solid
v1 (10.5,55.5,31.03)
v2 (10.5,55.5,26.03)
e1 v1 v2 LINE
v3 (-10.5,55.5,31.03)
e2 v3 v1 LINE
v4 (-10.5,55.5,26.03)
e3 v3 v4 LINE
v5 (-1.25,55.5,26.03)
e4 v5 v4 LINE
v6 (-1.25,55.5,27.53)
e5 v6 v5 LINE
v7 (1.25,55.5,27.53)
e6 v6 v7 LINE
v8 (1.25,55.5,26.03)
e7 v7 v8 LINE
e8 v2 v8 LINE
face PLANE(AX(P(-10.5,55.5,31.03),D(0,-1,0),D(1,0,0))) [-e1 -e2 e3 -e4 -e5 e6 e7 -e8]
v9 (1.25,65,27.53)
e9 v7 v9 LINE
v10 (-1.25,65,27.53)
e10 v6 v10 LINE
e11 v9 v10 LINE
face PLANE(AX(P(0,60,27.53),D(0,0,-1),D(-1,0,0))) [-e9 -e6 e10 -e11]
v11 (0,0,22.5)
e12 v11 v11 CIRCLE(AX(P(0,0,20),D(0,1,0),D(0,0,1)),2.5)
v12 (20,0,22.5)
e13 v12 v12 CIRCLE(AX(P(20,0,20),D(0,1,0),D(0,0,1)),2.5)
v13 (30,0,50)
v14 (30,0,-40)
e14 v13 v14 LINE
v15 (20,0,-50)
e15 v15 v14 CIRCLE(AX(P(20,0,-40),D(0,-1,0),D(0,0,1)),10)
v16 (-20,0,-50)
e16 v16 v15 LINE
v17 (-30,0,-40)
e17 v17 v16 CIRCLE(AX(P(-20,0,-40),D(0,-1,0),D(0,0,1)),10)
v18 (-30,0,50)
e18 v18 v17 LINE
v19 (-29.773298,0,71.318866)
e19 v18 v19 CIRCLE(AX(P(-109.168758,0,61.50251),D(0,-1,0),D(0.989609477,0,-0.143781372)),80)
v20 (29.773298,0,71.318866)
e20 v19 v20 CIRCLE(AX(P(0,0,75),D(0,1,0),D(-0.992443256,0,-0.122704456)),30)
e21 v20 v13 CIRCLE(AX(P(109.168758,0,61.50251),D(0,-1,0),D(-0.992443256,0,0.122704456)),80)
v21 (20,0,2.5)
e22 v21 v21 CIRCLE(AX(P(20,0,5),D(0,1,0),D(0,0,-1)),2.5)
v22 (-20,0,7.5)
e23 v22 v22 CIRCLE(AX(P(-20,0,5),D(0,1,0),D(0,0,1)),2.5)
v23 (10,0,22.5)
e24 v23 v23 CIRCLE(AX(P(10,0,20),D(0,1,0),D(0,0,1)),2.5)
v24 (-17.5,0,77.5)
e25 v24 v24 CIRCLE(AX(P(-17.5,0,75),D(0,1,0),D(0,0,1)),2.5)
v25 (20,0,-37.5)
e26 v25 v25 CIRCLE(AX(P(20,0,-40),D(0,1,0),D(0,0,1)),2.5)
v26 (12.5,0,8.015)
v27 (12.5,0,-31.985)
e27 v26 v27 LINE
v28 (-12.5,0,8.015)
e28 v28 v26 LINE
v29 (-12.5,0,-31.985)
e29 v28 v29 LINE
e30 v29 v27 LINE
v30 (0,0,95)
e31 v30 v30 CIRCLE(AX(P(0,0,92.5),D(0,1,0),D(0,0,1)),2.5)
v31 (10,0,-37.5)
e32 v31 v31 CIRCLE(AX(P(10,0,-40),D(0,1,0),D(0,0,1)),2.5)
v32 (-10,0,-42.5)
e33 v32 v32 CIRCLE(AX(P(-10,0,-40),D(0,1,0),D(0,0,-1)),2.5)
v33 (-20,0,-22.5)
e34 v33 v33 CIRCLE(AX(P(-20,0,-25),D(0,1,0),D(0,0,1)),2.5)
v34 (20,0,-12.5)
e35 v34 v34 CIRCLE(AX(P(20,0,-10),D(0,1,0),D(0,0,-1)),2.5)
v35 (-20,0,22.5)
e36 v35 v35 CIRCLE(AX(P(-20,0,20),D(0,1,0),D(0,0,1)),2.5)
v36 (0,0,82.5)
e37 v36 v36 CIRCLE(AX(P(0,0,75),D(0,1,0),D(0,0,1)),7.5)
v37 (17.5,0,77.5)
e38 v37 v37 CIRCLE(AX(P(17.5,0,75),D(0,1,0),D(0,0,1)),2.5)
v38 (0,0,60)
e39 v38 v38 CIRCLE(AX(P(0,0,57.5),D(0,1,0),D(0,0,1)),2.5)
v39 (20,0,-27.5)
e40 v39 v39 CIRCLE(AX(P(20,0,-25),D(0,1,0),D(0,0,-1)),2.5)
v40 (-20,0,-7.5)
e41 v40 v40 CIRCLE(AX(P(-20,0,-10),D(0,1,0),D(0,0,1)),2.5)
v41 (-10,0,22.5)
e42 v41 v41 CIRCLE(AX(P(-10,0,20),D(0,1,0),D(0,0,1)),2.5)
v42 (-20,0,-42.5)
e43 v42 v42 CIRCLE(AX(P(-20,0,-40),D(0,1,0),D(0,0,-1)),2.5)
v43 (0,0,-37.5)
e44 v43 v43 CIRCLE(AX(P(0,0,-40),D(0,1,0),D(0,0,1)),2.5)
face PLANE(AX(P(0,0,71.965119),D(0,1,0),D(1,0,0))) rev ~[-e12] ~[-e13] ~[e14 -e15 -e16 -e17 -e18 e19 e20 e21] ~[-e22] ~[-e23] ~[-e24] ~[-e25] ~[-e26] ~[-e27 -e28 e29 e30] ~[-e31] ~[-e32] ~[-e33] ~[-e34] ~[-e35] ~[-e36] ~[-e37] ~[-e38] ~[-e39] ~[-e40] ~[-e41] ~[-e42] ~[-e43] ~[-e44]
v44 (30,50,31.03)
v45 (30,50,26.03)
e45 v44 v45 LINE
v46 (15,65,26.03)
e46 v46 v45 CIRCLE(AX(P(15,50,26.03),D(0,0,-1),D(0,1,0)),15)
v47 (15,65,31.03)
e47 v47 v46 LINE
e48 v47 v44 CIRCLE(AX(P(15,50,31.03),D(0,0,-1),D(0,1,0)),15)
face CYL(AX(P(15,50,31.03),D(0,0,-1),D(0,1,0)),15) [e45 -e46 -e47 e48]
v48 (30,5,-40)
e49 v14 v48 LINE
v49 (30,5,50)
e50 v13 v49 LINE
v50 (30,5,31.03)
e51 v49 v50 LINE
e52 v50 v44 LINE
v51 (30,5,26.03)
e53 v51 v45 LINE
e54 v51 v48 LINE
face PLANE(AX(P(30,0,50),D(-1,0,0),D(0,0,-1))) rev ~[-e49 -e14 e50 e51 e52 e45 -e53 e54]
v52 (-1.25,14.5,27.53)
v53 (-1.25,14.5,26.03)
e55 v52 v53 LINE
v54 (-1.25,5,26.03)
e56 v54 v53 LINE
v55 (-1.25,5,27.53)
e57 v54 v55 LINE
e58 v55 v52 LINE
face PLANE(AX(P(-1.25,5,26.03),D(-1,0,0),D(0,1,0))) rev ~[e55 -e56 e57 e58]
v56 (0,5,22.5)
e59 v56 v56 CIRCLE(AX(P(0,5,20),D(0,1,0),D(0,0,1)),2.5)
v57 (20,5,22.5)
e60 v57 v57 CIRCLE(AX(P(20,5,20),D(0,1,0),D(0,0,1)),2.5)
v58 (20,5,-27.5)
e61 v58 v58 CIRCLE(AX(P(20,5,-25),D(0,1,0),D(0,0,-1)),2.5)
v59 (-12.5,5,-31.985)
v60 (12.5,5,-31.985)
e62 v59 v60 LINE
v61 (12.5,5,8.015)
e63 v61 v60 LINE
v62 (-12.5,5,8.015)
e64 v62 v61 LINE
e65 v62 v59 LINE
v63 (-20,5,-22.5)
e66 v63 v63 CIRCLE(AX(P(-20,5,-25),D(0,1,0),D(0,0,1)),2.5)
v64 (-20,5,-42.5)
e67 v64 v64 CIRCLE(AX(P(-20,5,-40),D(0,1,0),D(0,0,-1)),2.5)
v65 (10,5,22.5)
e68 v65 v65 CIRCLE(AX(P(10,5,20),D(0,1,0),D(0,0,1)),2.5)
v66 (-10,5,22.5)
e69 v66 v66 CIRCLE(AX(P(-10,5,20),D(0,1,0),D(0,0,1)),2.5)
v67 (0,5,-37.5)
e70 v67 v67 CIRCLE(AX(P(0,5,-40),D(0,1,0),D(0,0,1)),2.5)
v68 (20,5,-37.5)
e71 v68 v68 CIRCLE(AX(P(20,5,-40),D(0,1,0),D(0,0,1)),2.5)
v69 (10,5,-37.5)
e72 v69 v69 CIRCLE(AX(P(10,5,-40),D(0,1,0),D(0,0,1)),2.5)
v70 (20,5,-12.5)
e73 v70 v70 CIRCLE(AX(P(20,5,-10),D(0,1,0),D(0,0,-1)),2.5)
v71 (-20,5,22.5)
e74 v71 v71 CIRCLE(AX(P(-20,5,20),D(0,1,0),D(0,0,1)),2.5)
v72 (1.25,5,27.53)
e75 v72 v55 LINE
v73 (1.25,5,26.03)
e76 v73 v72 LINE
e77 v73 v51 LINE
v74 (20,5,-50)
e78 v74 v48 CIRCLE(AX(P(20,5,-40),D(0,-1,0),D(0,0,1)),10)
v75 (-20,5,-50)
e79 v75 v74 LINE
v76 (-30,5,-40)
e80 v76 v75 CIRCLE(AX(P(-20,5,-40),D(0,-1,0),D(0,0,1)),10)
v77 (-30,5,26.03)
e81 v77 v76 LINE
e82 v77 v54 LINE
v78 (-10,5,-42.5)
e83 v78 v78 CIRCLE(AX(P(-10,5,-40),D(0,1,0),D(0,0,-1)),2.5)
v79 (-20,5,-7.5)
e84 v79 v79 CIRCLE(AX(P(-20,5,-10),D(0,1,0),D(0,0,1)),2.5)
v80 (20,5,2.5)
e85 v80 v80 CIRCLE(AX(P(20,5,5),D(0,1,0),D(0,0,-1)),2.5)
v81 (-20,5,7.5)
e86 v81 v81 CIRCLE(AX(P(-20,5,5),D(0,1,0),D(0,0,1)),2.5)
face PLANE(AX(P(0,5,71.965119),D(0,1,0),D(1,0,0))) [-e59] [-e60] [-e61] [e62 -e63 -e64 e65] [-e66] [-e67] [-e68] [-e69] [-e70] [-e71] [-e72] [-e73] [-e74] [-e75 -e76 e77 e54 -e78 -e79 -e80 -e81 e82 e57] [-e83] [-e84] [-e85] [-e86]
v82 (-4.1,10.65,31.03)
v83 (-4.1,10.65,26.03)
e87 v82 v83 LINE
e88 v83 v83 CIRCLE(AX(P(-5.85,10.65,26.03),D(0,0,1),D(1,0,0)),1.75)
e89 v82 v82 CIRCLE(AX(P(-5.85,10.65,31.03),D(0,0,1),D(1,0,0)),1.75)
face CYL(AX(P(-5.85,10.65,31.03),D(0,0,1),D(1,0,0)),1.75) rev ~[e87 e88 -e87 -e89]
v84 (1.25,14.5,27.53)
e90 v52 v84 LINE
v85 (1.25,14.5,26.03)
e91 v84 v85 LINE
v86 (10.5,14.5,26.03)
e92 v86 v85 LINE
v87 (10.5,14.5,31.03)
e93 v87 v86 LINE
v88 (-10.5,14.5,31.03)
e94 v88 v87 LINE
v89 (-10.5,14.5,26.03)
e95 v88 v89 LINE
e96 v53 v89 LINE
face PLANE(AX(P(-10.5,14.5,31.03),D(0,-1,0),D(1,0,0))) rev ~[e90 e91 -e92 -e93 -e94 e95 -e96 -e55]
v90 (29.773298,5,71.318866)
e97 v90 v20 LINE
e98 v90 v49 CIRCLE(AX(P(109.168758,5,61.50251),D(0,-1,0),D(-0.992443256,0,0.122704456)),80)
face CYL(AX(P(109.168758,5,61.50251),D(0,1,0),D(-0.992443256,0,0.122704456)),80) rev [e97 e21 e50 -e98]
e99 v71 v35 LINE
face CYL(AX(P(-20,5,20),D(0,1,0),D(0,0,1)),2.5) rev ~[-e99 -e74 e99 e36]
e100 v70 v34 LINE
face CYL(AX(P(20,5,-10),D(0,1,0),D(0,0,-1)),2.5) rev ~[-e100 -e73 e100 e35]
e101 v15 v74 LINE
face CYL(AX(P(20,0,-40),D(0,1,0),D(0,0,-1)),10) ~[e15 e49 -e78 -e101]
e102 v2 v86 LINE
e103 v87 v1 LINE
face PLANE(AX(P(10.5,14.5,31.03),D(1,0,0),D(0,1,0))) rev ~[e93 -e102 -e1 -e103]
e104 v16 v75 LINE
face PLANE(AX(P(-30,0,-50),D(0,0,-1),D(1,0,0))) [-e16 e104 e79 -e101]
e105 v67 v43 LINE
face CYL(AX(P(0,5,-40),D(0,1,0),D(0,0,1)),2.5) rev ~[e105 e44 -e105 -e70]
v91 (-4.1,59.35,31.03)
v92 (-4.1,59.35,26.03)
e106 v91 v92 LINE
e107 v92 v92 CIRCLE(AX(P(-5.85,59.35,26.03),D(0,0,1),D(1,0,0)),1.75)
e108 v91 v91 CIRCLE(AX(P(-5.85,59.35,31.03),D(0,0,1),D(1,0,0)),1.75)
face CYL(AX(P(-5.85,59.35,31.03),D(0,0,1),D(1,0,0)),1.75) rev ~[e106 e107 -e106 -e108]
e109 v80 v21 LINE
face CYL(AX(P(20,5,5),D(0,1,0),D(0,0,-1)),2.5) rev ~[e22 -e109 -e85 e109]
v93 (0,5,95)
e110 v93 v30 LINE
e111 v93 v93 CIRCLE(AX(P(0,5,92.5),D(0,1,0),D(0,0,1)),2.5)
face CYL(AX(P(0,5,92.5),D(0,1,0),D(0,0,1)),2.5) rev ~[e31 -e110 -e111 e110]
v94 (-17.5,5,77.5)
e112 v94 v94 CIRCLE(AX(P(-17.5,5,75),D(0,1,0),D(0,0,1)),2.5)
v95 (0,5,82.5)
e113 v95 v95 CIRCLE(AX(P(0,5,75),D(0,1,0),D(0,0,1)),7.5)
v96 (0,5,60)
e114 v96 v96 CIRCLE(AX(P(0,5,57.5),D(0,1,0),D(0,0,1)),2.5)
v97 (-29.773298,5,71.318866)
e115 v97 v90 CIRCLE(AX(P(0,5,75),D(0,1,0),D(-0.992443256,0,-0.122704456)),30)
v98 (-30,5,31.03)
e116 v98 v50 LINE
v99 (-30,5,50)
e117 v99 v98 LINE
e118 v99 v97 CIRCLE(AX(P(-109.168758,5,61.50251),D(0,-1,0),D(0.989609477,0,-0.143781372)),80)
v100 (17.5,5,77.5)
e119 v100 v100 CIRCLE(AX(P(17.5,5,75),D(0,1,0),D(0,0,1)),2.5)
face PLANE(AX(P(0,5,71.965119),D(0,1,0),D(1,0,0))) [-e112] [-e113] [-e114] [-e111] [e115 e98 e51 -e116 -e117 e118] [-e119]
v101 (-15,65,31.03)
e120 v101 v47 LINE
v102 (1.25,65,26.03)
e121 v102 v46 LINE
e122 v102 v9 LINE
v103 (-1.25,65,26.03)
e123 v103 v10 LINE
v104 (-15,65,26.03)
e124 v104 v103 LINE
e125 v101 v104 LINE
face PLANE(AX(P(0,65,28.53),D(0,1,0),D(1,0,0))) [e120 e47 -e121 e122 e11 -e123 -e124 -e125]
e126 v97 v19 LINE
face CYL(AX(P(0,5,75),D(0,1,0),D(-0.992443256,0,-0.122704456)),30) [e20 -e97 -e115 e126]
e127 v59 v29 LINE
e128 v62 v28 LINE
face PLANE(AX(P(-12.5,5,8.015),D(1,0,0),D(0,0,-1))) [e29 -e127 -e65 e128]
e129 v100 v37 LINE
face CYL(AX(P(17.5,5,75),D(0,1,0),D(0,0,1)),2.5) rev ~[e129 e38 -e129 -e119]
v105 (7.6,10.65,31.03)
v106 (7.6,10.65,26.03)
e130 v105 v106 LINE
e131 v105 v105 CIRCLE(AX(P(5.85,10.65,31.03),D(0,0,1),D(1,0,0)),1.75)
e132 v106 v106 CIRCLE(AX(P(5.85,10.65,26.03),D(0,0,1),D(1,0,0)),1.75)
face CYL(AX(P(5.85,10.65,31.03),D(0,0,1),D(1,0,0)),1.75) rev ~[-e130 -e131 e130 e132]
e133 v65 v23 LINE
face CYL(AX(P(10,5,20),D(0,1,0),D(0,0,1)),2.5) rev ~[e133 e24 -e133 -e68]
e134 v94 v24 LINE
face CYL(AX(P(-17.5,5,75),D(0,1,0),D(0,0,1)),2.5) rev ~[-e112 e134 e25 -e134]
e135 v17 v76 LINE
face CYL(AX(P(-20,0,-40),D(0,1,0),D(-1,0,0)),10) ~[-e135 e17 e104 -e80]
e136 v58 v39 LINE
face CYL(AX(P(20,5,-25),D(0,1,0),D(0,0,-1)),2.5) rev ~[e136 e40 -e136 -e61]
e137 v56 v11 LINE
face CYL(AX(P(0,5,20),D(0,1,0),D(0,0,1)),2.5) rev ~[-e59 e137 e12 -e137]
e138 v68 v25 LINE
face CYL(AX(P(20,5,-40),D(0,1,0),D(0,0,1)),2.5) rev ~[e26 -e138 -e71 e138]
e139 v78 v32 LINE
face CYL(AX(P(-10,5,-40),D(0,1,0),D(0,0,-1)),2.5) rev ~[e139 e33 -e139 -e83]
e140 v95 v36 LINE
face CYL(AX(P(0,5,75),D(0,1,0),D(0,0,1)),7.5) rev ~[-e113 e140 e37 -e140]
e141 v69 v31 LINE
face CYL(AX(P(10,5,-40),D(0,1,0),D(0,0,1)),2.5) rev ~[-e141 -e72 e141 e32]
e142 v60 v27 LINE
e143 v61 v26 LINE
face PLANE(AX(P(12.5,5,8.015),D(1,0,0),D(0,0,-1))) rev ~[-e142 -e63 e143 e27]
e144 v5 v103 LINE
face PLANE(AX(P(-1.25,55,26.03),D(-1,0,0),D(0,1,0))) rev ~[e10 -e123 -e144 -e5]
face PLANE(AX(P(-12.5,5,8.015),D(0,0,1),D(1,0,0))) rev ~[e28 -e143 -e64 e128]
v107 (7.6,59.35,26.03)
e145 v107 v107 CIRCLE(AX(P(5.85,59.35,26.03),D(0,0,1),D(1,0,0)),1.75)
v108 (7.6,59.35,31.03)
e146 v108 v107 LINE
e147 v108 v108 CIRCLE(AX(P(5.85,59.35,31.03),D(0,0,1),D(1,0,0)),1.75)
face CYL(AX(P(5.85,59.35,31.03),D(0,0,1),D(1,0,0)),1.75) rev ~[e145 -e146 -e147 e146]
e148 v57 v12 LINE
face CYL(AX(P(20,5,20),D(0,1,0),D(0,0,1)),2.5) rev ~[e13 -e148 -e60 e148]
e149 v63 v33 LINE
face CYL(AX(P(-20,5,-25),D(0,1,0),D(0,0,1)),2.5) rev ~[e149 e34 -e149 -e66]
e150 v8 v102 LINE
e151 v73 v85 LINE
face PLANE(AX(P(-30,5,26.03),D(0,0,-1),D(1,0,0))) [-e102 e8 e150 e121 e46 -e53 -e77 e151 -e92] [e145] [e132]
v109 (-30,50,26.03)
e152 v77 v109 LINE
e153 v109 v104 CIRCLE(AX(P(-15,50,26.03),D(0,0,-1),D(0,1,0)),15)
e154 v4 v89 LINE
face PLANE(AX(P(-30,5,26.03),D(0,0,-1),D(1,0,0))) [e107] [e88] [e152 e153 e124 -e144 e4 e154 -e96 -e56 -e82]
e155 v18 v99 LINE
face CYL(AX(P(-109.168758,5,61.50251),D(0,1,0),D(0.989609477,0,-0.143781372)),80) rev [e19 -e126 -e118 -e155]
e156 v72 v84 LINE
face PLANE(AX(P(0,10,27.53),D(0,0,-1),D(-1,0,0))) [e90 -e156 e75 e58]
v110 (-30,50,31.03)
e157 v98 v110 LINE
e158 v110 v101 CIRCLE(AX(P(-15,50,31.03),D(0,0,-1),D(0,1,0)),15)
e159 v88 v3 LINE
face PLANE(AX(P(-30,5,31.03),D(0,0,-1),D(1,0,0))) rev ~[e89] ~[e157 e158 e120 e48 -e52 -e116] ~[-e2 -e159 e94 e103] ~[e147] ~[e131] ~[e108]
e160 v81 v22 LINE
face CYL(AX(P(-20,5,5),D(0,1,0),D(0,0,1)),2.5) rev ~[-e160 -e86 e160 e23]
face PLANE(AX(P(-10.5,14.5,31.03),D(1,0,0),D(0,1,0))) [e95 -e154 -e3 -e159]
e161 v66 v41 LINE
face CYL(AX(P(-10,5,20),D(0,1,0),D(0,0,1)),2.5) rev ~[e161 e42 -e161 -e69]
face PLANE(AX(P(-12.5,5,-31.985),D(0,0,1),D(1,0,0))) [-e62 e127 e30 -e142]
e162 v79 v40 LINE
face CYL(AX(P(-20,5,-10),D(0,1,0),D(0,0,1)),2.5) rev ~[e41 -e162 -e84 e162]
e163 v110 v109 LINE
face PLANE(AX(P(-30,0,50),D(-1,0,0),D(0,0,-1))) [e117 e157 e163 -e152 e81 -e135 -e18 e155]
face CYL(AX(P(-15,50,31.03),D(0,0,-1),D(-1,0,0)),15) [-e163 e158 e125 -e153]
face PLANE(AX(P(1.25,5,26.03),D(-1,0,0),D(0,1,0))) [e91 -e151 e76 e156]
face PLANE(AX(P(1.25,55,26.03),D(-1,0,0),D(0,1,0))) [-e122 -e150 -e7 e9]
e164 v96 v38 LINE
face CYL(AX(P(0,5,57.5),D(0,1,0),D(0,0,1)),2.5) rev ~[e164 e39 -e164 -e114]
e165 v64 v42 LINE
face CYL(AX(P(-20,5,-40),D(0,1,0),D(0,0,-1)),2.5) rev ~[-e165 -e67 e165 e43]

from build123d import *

# Parameters (mm, degrees)
SKETCH1_W           = 60
SKETCH1_H           = 100
BOSS_EXTRUDE1_DEPTH = 5
SKETCH2_R           = 2.5
CUT_EXTRUDE1_DEPTH  = 5
BOSS_EXTRUDE2_DEPTH = 5
SKETCH6_R           = 7.5
CUT_EXTRUDE3_DEPTH  = 5
SKETCH7_W           = 60
SKETCH7_H           = 5
BOSS_EXTRUDE3_DEPTH = 60
SKETCH8_R           = 1.75
SKETCH8_W           = 21
SKETCH8_H           = 41
CUT_EXTRUDE5_DEPTH  = 30
FILLET1_R           = 15
SKETCH13_R          = 2.5
CUT_EXTRUDE7_DEPTH  = 10
SKETCH15_R          = 2.5
CUT_EXTRUDE8_DEPTH  = 10
SKETCH16_W          = 25
SKETCH16_H          = 40
CUT_EXTRUDE9_DEPTH  = 10
FILLET3_R           = 10
SKETCH17_R          = 2.5
CUT_EXTRUDE10_DEPTH = 10
SKETCH18_W          = 2.5
SKETCH18_H          = 10
CUT_EXTRUDE11_DEPTH = 1.5


with BuildPart() as part:
    # Sketch1 → Boss-Extrude1 (new body)
    with BuildSketch(Plane(origin=(0, 0, 0), x_dir=(1, 0, 0), z_dir=(0, 1, 0))):
        Rectangle(SKETCH1_W, SKETCH1_H)
    extrude(amount=BOSS_EXTRUDE1_DEPTH)

    # Sketch2 → Cut-Extrude1 (cut)
    with BuildSketch(Plane(origin=(0, 5, 0), x_dir=(1, 0, 0), z_dir=(0, 1, 0))):
        with Locations((0, 40)):
            Circle(SKETCH2_R)
        with Locations((10, 40)):
            Circle(SKETCH2_R)
        with Locations((20, 40)):
            Circle(SKETCH2_R)
        with Locations((-20, 40)):
            Circle(SKETCH2_R)
        with Locations((-10, 40)):
            Circle(SKETCH2_R)
    extrude(amount=-CUT_EXTRUDE1_DEPTH, mode=Mode.SUBTRACT)

    # Sketch5 → Boss-Extrude2 (add)
    with BuildSketch(Plane(origin=(0, 5, 0), x_dir=(1, 0, 0), z_dir=(0, 1, 0))):
        with BuildLine():
            Line((-16.583123952, -50), (-30, -50))
            ThreePointArc((-30, -50), (-29.173280954, -60.651847283), (-29.77329768, -71.318866307))
            ThreePointArc((-29.77329768, -71.318866307), (0, -105), (29.77329768, -71.318866307))
            ThreePointArc((29.77329768, -71.318866307), (29.173280954, -60.651847283), (30, -50))
            Line((30, -50), (16.583123952, -50))
            ThreePointArc((16.583123952, -50), (0, -45), (-16.583123952, -50))
        make_face()
    extrude(amount=-BOSS_EXTRUDE2_DEPTH)

    # Sketch6 → Cut-Extrude3 (cut)
    with BuildSketch(Plane(origin=(0, 5, 0), x_dir=(1, 0, 0), z_dir=(0, 1, 0))):
        with Locations((0, -75)):
            Circle(SKETCH6_R)
    extrude(amount=-CUT_EXTRUDE3_DEPTH, mode=Mode.SUBTRACT)

    # Sketch7 → Boss-Extrude3 (add)
    with BuildSketch(Plane(origin=(0, 5, 0), x_dir=(1, 0, 0), z_dir=(0, 1, 0))):
        with Locations((0, -28.53)):
            Rectangle(SKETCH7_W, SKETCH7_H)
    extrude(amount=BOSS_EXTRUDE3_DEPTH)

    # Sketch8 → Cut-Extrude5 (cut)
    with BuildSketch(Plane.XY.offset(31.03)):
        with Locations((-5.85, 59.35)):
            Circle(SKETCH8_R)
        with Locations((5.85, 59.35)):
            Circle(SKETCH8_R)
        with Locations((5.85, 10.65)):
            Circle(SKETCH8_R)
        with Locations((-5.85, 10.65)):
            Circle(SKETCH8_R)
        with Locations((0, 35)):
            Rectangle(SKETCH8_W, SKETCH8_H)
    extrude(amount=-CUT_EXTRUDE5_DEPTH, mode=Mode.SUBTRACT)

    # Fillet1
    fillet1_edges = [part.edges().sort_by_distance(p)[0] for p in [
        (30, 65, 28.53),
        (-30, 65, 28.53),
    ]]
    fillet(fillet1_edges, radius=FILLET1_R)

    # Sketch13 → Cut-Extrude7 (cut)
    with BuildSketch(Plane(origin=(0, 5, 0), x_dir=(1, 0, 0), z_dir=(0, 1, 0))):
        with Locations((-20, 25)):
            Circle(SKETCH13_R)
        with Locations((-20, 10)):
            Circle(SKETCH13_R)
        with Locations((-20, -5)):
            Circle(SKETCH13_R)
        with Locations((20, -5)):
            Circle(SKETCH13_R)
        with Locations((20, 10)):
            Circle(SKETCH13_R)
        with Locations((20, 25)):
            Circle(SKETCH13_R)
    extrude(amount=-CUT_EXTRUDE7_DEPTH, mode=Mode.SUBTRACT)

    # Sketch15 → Cut-Extrude8 (cut)
    with BuildSketch(Plane(origin=(0, 5, 0), x_dir=(1, 0, 0), z_dir=(0, 1, 0))):
        with Locations((-20, -20)):
            Circle(SKETCH15_R)
        with Locations((-10, -20)):
            Circle(SKETCH15_R)
        with Locations((0, -20)):
            Circle(SKETCH15_R)
        with Locations((10, -20)):
            Circle(SKETCH15_R)
        with Locations((20, -20)):
            Circle(SKETCH15_R)
    extrude(amount=-CUT_EXTRUDE8_DEPTH, mode=Mode.SUBTRACT)

    # Sketch16 → Cut-Extrude9 (cut)
    with BuildSketch(Plane(origin=(0, 5, 0), x_dir=(1, 0, 0), z_dir=(0, 1, 0))):
        with Locations((0, 11.985)):
            Rectangle(SKETCH16_W, SKETCH16_H)
    extrude(amount=-CUT_EXTRUDE9_DEPTH, mode=Mode.SUBTRACT)

    # Fillet3
    fillet3_edges = [part.edges().sort_by_distance(p)[0] for p in [
        (30, 2.5, -50),
        (-30, 2.5, -50),
    ]]
    fillet(fillet3_edges, radius=FILLET3_R)

    # Sketch17 → Cut-Extrude10 (cut)
    with BuildSketch(Plane(origin=(0, 5, 0), x_dir=(1, 0, 0), z_dir=(0, 1, 0))):
        with Locations((0, -57.5)):
            Circle(SKETCH17_R)
        with Locations((17.5, -75)):
            Circle(SKETCH17_R)
        with Locations((0, -92.5)):
            Circle(SKETCH17_R)
        with Locations((-17.5, -75)):
            Circle(SKETCH17_R)
    extrude(amount=-CUT_EXTRUDE10_DEPTH, mode=Mode.SUBTRACT)

    # Sketch18 → Cut-Extrude11 (cut)
    with BuildSketch(Plane(origin=(0, 0, 26.03), x_dir=(-1, 0, 0), z_dir=(0, 0, -1))):
        with Locations((0, 60)):
            Rectangle(SKETCH18_W, SKETCH18_H)
        with Locations((0, 10)):
            Rectangle(SKETCH18_W, SKETCH18_H)
    extrude(amount=-CUT_EXTRUDE11_DEPTH, mode=Mode.SUBTRACT)


solid = part.part
